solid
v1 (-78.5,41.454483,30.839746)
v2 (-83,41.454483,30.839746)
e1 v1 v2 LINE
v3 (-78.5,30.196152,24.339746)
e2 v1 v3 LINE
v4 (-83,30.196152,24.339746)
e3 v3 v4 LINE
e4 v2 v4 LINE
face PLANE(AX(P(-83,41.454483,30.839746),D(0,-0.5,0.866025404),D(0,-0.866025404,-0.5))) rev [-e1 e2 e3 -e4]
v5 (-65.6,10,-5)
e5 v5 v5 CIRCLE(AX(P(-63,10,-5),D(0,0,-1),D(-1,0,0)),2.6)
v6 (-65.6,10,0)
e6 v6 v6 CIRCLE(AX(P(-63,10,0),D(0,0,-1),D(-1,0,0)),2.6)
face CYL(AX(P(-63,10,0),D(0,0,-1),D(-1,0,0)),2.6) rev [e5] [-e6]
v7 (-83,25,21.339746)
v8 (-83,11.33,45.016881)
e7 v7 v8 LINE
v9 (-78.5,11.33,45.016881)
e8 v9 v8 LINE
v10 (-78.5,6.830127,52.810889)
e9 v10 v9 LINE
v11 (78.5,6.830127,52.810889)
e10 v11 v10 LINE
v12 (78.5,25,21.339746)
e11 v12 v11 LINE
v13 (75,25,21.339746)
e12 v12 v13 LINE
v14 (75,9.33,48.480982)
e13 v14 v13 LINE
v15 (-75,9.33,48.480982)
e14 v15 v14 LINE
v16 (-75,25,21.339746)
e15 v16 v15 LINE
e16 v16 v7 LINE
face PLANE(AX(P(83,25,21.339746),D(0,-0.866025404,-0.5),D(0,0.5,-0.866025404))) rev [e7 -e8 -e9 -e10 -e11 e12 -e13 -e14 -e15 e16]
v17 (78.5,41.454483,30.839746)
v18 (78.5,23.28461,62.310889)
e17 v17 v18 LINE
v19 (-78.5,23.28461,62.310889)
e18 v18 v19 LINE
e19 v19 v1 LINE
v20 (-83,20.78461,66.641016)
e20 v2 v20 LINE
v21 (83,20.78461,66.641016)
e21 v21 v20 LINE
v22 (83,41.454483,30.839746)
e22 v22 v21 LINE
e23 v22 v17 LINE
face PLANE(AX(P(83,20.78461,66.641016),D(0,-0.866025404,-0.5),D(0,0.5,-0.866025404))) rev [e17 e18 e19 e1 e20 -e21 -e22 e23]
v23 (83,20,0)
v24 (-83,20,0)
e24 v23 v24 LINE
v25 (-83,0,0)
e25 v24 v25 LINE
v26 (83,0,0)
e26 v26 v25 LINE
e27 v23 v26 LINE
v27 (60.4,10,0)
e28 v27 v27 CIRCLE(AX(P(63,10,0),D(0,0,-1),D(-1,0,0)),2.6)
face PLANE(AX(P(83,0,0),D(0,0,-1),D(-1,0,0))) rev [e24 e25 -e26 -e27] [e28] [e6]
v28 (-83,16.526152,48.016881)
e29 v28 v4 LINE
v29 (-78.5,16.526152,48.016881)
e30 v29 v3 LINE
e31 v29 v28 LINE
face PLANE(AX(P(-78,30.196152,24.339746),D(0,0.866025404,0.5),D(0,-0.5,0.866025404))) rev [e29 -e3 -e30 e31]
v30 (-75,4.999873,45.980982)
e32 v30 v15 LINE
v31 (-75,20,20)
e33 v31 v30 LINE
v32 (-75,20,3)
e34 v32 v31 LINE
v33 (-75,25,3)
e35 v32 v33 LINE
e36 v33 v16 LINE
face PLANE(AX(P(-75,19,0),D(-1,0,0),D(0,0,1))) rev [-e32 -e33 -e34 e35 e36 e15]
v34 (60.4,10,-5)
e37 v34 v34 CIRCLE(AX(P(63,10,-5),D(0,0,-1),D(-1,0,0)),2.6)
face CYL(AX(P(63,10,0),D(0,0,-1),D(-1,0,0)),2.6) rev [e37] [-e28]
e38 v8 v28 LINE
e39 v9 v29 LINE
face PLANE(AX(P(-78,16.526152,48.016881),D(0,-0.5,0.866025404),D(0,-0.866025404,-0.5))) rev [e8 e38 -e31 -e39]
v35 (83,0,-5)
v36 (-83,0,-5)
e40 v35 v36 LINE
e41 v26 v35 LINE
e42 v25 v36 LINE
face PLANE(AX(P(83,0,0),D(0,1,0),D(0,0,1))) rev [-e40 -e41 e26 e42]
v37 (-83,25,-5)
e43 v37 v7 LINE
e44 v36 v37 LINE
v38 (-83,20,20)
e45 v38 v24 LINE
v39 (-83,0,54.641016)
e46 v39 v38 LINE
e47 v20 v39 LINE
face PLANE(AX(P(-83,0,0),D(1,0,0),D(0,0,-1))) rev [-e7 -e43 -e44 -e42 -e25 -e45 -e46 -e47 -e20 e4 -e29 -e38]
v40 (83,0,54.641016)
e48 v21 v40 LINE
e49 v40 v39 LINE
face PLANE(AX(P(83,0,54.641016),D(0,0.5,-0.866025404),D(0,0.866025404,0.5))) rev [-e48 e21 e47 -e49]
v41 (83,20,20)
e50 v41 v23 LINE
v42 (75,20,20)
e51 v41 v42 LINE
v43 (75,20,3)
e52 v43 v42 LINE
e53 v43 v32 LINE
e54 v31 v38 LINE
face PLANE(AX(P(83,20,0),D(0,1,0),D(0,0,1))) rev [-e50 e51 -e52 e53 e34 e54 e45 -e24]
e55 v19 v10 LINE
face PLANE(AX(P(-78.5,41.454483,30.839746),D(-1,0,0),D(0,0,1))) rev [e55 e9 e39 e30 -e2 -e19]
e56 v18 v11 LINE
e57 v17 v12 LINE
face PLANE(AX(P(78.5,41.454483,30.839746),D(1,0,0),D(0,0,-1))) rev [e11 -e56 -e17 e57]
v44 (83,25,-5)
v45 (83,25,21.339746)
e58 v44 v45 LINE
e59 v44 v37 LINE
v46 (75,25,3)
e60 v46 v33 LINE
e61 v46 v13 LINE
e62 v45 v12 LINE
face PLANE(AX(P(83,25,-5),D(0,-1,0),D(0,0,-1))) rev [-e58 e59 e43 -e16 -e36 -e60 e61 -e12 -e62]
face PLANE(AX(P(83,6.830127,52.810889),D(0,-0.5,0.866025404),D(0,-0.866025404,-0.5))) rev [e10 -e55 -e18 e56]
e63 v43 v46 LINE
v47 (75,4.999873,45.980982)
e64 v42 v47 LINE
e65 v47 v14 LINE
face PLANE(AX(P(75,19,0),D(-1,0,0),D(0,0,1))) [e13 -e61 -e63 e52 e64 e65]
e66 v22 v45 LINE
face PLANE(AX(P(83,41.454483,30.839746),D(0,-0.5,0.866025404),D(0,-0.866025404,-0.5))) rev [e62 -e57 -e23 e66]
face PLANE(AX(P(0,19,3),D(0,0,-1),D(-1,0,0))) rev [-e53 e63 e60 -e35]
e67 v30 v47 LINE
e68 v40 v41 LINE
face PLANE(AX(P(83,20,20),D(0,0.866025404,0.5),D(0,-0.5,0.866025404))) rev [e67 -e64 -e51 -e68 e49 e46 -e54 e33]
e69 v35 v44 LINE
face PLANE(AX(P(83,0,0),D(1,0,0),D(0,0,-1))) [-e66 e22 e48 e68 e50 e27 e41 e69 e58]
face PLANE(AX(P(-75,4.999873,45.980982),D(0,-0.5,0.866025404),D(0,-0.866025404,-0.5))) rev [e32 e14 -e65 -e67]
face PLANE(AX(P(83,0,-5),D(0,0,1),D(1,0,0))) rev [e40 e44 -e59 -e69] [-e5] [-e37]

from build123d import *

# Parameters (mm, degrees)
BOSS_EXTRUDE1_DEPTH = 83
SKETCH2_W           = 4.5
SKETCH2_H           = 36.339745962
BOSS_EXTRUDE2_DEPTH = 19
SKETCH3_W           = 150
SKETCH3_H           = 18.339745962
CUT_EXTRUDE1_DEPTH  = 6
SKETCH4_W           = 150
SKETCH4_H           = 31.34
CUT_EXTRUDE2_DEPTH  = 5
CUT_EXTRUDE3_DEPTH  = 5
SKETCH6_R           = 2.6
CUT_EXTRUDE4_DEPTH  = 5


with BuildPart() as part:
    # Sketch1 → Boss-Extrude1 (new, symmetric)
    with BuildSketch(Plane(origin=(0, 0, 0), x_dir=(0, 0, -1), z_dir=(1, 0, 0))):
        Polygon((0, 0), (0, 20), (-20, 20), (-54.641016151, 0), (-66.641016151, 20.784609691), (-62.310889132, 23.284609691), (-52.810889132, 6.830127019), (-21.339745962, 25), (5, 25), (5, 0), align=None)
    extrude(amount=BOSS_EXTRUDE1_DEPTH, both=True)

    # Sketch2 → Boss-Extrude2 (add)
    with BuildSketch(Plane(origin=(0, 27.990381057, 16.160254038), x_dir=(1, 0, 0), z_dir=(0, 0.866025403784436, 0.5000000000000044))):
        with Locations((-80.75, -24.150635095)):
            Rectangle(SKETCH2_W, SKETCH2_H)
        with Locations((80.75, -24.150635095)):
            Rectangle(SKETCH2_W, SKETCH2_H)
    extrude(amount=BOSS_EXTRUDE2_DEPTH)

    # Sketch3 → Cut-Extrude1 (cut)
    with BuildSketch(Plane(origin=(0, 25, 0), x_dir=(1, 0, 0), z_dir=(0, 1, 0))):
        with Locations((0, -12.169872981)):
            Rectangle(SKETCH3_W, SKETCH3_H)
    extrude(amount=-CUT_EXTRUDE1_DEPTH, mode=Mode.SUBTRACT)

    # Sketch4 → Cut-Extrude2 (cut)
    with BuildSketch(Plane(origin=(0, 27.990381057, 16.160254038), x_dir=(1, 0, 0), z_dir=(0, 0.8660254037844362, 0.5000000000000046))):
        with Locations((0, -21.650762114)):
            Rectangle(SKETCH4_W, SKETCH4_H)
    extrude(amount=-CUT_EXTRUDE2_DEPTH, mode=Mode.SUBTRACT)

    # Sketch5 → Cut-Extrude3 (cut)
    with BuildSketch(Plane.ZY.offset(83)):
        Polygon((21.339745962, 25), (45.016880502, 11.33), (48.016880502, 16.526152423), (24.339745962, 30.196152423), align=None)
    extrude(amount=-CUT_EXTRUDE3_DEPTH, mode=Mode.SUBTRACT)

    # Sketch6 → Cut-Extrude4 (cut)
    with BuildSketch(Plane(origin=(0, 0, -5), x_dir=(-1, 0, 0), z_dir=(0, 0, -1))):
        with Locations((-63, 10)):
            Circle(SKETCH6_R)
        with Locations((63, 10)):
            Circle(SKETCH6_R)
    extrude(amount=-CUT_EXTRUDE4_DEPTH, mode=Mode.SUBTRACT)


solid = part.part
